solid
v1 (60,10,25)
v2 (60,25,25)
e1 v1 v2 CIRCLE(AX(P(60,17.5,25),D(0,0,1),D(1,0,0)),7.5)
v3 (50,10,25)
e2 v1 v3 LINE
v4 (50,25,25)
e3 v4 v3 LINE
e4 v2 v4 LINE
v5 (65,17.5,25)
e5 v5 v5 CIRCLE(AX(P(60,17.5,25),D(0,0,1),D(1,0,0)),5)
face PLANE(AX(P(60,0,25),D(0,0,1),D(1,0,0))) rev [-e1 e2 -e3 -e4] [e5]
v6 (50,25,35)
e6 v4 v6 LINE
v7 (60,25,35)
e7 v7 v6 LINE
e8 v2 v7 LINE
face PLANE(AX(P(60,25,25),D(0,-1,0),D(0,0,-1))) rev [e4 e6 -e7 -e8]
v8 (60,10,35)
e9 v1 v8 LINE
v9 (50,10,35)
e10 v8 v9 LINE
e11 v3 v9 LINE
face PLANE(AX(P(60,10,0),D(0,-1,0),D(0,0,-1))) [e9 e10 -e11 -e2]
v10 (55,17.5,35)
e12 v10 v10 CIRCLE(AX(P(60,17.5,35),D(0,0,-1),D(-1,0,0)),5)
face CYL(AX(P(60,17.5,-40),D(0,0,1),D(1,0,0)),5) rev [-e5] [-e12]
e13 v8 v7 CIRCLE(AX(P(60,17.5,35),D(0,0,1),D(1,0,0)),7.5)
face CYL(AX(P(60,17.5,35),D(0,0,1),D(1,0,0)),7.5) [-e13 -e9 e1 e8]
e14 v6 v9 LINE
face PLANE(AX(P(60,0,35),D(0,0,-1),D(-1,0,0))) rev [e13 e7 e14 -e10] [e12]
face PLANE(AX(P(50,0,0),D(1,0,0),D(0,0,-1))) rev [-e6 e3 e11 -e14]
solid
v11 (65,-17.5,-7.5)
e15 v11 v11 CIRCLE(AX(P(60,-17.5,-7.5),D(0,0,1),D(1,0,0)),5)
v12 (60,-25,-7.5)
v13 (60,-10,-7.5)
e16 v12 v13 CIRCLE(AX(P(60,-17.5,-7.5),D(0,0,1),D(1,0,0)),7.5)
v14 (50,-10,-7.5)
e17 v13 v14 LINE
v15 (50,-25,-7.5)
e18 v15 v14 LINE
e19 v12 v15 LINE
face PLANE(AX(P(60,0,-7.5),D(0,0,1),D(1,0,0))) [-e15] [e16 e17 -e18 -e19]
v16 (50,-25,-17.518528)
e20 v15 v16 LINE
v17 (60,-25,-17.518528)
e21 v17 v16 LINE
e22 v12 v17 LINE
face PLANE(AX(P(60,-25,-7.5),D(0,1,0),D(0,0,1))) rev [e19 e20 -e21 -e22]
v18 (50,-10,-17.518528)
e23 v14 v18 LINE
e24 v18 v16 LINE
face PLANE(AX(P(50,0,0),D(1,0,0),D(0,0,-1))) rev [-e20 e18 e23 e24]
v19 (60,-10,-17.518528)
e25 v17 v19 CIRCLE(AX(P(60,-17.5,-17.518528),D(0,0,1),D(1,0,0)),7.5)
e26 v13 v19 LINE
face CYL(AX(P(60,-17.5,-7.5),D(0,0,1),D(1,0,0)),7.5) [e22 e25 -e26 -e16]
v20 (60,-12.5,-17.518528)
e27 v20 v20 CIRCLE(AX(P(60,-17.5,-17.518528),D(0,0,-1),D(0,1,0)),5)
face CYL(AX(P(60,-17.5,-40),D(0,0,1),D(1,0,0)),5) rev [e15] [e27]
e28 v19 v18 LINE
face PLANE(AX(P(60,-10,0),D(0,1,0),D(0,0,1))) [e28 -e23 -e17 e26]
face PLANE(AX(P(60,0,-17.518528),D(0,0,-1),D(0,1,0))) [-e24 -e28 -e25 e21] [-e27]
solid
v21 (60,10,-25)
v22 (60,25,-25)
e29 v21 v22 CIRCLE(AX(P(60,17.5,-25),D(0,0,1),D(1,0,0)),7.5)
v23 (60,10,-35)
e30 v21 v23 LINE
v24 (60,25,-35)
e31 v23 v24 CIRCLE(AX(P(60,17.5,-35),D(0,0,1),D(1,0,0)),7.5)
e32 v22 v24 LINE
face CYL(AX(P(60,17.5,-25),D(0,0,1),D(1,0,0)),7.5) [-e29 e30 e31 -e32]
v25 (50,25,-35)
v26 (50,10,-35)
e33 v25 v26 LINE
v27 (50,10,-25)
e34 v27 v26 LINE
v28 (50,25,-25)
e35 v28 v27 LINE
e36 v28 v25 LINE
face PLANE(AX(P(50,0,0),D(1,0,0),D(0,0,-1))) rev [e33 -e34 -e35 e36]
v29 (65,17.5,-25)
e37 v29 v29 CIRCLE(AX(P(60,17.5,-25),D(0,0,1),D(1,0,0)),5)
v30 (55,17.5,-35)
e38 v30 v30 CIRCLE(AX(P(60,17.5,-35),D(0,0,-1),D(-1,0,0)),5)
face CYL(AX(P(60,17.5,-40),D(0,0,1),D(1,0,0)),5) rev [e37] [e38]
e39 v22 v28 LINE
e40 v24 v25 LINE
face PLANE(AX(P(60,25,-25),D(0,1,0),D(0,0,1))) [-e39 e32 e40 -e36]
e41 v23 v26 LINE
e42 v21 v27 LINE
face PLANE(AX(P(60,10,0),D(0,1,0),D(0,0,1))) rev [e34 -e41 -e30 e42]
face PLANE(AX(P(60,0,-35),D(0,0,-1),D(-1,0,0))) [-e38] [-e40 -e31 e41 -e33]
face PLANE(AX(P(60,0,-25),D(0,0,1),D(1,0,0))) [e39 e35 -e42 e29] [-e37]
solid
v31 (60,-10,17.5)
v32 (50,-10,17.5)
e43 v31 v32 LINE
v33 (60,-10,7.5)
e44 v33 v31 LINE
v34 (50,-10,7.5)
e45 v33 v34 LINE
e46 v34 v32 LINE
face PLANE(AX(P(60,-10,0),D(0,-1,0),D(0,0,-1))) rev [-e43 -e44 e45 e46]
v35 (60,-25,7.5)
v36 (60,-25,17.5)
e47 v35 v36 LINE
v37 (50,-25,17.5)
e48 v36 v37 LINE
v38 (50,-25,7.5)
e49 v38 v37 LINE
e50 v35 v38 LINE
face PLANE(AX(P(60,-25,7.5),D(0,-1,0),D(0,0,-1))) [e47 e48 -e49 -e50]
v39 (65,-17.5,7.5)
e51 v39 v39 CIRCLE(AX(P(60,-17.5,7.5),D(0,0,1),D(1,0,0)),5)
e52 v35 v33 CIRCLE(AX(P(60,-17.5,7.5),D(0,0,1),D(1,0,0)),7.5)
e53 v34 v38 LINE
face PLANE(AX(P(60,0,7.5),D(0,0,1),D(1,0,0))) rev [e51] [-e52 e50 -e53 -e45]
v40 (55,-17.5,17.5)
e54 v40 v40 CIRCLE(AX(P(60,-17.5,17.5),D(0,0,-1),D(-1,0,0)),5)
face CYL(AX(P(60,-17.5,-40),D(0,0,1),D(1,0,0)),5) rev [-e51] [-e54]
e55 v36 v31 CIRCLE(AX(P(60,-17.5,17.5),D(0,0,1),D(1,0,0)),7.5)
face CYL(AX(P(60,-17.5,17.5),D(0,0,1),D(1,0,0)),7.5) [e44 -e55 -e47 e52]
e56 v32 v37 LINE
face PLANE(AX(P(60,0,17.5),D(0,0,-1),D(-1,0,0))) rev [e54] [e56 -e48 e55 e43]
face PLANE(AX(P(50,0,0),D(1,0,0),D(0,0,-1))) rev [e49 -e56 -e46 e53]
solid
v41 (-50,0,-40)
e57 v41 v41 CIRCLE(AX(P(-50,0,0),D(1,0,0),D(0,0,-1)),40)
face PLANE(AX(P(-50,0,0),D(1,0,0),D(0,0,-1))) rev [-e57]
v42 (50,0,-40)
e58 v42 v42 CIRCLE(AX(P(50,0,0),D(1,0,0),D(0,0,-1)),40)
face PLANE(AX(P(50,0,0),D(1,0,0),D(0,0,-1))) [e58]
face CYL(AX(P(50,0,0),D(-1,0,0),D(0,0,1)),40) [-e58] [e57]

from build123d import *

# Parameters (mm, degrees)
EXTRUDE_1_DEPTH          = 50
EXTRUDE_1_DEPTH_BACK     = 50
SKETCH_1_R               = 40
SKETCH_2_W               = 10
SKETCH_2_H               = 15
EXTRUDE_2_DEPTH          = 10
EXTRUDE_2_2_DEPTH        = 10
EXTRUDE_2_3_DEPTH        = 10
SKETCH_2_W_2             = 10.018528149
EXTRUDE_2_4_DEPTH        = 10
SKETCH_4_W               = 10
SKETCH_4_H               = 7.5
SKETCH_5_W               = 10
SKETCH_5_H               = 7.5
SKETCH_6_W               = 10
SKETCH_6_H               = 7.5
SKETCH_7_W               = 10.018528149
SKETCH_7_H               = 7.5
CUT_EXTRUDE_1_DEPTH      = 109.54146673
CUT_EXTRUDE_1_DEPTH_BACK = 109.54146673
SKETCH_9_R               = 5
CUT_EXTRUDE_2_DEPTH      = 98.275382292
CUT_EXTRUDE_2_DEPTH_BACK = 98.275382292
SKETCH_10_R              = 5


with BuildPart() as part:
    # 草图1 → 凸台-拉伸1 (new, two sides: drawn at the far end of the back side and taken through both)
    with BuildSketch(Plane(origin=(0, 0, 0), x_dir=(0, 0, -1), z_dir=(1, 0, 0)).offset(-EXTRUDE_1_DEPTH_BACK)):
        Circle(SKETCH_1_R)
    extrude(amount=EXTRUDE_1_DEPTH + EXTRUDE_1_DEPTH_BACK)


with BuildPart() as body_2:
    # 草图2 → 凸台-拉伸2 (new body)
    with BuildSketch(Plane(origin=(50, 0, 0), x_dir=(0, 0, -1), z_dir=(1, 0, 0))):
        with Locations((-30, 17.5)):
            Rectangle(SKETCH_2_W, SKETCH_2_H)
    extrude(amount=EXTRUDE_2_DEPTH)

    # 草图4 → 旋转1 (revolve)
    with BuildSketch(Plane(origin=(60, 0, 0), x_dir=(0, 0, -1), z_dir=(1, 0, 0))):
        with Locations((-30, 21.25)):
            Rectangle(SKETCH_4_W, SKETCH_4_H)
    revolve(axis=Axis((60, 17.5, 35), (0, 0, -1)))


with BuildPart() as body_3:
    # 草图2 → Extrude 2 2 (new body)
    with BuildSketch(Plane(origin=(50, 0, 0), x_dir=(0, 0, -1), z_dir=(1, 0, 0))):
        with Locations((30, 17.5)):
            Rectangle(SKETCH_2_W, SKETCH_2_H)
    extrude(amount=EXTRUDE_2_2_DEPTH)

    # 草图5 → 旋转2 (revolve)
    with BuildSketch(Plane(origin=(60, 0, 0), x_dir=(0, 0, -1), z_dir=(1, 0, 0))):
        with Locations((30, 21.25)):
            Rectangle(SKETCH_5_W, SKETCH_5_H)
    revolve(axis=Axis((60, 17.5, -25), (0, 0, -1)))


with BuildPart() as body_4:
    # 草图2 → Extrude 2 3 (new body)
    with BuildSketch(Plane(origin=(50, 0, 0), x_dir=(0, 0, -1), z_dir=(1, 0, 0))):
        with Locations((-12.5, -17.5)):
            Rectangle(SKETCH_2_W, SKETCH_2_H)
    extrude(amount=EXTRUDE_2_3_DEPTH)

    # 草图6 → 旋转3 (revolve)
    with BuildSketch(Plane(origin=(60, 0, 0), x_dir=(0, 0, -1), z_dir=(1, 0, 0))):
        with Locations((-12.5, -13.75)):
            Rectangle(SKETCH_6_W, SKETCH_6_H)
    revolve(axis=Axis((60, -17.5, 17.5), (0, 0, -1)))


with BuildPart() as body_5:
    # 草图2 → Extrude 2 4 (new body)
    with BuildSketch(Plane(origin=(50, 0, 0), x_dir=(0, 0, -1), z_dir=(1, 0, 0))):
        with Locations((12.509264075, -17.5)):
            Rectangle(SKETCH_2_W_2, SKETCH_2_H)
    extrude(amount=EXTRUDE_2_4_DEPTH)

    # 草图7 → 旋转4 (revolve)
    with BuildSketch(Plane(origin=(60, 0, 0), x_dir=(0, 0, -1), z_dir=(1, 0, 0))):
        with Locations((12.509264075, -13.75)):
            Rectangle(SKETCH_7_W, SKETCH_7_H)
    revolve(axis=Axis((60, -17.5, -7.5), (0, 0, -1)))


with BuildPart() as cut_extrude_1_tool:
    # 草图9 → 切除-拉伸1 (new, two sides: drawn at the far end of the back side and taken through both)
    with BuildSketch(Plane.XY.offset(35).offset(-CUT_EXTRUDE_1_DEPTH_BACK)):
        with Locations((60, 17.5)):
            Circle(SKETCH_9_R)
    extrude(amount=CUT_EXTRUDE_1_DEPTH + CUT_EXTRUDE_1_DEPTH_BACK)


with BuildPart() as body_2_1:
    add(body_2.part)

    # 切除-拉伸1: cut by cut_extrude_1_tool
    add(cut_extrude_1_tool.part, mode=Mode.SUBTRACT)


with BuildPart() as body_3_1:
    add(body_3.part)

    # 切除-拉伸1: cut by cut_extrude_1_tool
    add(cut_extrude_1_tool.part, mode=Mode.SUBTRACT)


with BuildPart() as cut_extrude_2_tool:
    # 草图10 → 切除-拉伸2 (new, two sides: drawn at the far end of the back side and taken through both)
    with BuildSketch(Plane.XY.offset(17.5).offset(-CUT_EXTRUDE_2_DEPTH_BACK)):
        with Locations((60, -17.5)):
            Circle(SKETCH_10_R)
    extrude(amount=CUT_EXTRUDE_2_DEPTH + CUT_EXTRUDE_2_DEPTH_BACK)


with BuildPart() as body_4_1:
    add(body_4.part)

    # 切除-拉伸2: cut by cut_extrude_2_tool
    add(cut_extrude_2_tool.part, mode=Mode.SUBTRACT)


with BuildPart() as body_5_1:
    add(body_5.part)

    # 切除-拉伸2: cut by cut_extrude_2_tool
    add(cut_extrude_2_tool.part, mode=Mode.SUBTRACT)


solid = Compound([part.part, body_2_1.part, body_3_1.part, body_4_1.part, body_5_1.part])
